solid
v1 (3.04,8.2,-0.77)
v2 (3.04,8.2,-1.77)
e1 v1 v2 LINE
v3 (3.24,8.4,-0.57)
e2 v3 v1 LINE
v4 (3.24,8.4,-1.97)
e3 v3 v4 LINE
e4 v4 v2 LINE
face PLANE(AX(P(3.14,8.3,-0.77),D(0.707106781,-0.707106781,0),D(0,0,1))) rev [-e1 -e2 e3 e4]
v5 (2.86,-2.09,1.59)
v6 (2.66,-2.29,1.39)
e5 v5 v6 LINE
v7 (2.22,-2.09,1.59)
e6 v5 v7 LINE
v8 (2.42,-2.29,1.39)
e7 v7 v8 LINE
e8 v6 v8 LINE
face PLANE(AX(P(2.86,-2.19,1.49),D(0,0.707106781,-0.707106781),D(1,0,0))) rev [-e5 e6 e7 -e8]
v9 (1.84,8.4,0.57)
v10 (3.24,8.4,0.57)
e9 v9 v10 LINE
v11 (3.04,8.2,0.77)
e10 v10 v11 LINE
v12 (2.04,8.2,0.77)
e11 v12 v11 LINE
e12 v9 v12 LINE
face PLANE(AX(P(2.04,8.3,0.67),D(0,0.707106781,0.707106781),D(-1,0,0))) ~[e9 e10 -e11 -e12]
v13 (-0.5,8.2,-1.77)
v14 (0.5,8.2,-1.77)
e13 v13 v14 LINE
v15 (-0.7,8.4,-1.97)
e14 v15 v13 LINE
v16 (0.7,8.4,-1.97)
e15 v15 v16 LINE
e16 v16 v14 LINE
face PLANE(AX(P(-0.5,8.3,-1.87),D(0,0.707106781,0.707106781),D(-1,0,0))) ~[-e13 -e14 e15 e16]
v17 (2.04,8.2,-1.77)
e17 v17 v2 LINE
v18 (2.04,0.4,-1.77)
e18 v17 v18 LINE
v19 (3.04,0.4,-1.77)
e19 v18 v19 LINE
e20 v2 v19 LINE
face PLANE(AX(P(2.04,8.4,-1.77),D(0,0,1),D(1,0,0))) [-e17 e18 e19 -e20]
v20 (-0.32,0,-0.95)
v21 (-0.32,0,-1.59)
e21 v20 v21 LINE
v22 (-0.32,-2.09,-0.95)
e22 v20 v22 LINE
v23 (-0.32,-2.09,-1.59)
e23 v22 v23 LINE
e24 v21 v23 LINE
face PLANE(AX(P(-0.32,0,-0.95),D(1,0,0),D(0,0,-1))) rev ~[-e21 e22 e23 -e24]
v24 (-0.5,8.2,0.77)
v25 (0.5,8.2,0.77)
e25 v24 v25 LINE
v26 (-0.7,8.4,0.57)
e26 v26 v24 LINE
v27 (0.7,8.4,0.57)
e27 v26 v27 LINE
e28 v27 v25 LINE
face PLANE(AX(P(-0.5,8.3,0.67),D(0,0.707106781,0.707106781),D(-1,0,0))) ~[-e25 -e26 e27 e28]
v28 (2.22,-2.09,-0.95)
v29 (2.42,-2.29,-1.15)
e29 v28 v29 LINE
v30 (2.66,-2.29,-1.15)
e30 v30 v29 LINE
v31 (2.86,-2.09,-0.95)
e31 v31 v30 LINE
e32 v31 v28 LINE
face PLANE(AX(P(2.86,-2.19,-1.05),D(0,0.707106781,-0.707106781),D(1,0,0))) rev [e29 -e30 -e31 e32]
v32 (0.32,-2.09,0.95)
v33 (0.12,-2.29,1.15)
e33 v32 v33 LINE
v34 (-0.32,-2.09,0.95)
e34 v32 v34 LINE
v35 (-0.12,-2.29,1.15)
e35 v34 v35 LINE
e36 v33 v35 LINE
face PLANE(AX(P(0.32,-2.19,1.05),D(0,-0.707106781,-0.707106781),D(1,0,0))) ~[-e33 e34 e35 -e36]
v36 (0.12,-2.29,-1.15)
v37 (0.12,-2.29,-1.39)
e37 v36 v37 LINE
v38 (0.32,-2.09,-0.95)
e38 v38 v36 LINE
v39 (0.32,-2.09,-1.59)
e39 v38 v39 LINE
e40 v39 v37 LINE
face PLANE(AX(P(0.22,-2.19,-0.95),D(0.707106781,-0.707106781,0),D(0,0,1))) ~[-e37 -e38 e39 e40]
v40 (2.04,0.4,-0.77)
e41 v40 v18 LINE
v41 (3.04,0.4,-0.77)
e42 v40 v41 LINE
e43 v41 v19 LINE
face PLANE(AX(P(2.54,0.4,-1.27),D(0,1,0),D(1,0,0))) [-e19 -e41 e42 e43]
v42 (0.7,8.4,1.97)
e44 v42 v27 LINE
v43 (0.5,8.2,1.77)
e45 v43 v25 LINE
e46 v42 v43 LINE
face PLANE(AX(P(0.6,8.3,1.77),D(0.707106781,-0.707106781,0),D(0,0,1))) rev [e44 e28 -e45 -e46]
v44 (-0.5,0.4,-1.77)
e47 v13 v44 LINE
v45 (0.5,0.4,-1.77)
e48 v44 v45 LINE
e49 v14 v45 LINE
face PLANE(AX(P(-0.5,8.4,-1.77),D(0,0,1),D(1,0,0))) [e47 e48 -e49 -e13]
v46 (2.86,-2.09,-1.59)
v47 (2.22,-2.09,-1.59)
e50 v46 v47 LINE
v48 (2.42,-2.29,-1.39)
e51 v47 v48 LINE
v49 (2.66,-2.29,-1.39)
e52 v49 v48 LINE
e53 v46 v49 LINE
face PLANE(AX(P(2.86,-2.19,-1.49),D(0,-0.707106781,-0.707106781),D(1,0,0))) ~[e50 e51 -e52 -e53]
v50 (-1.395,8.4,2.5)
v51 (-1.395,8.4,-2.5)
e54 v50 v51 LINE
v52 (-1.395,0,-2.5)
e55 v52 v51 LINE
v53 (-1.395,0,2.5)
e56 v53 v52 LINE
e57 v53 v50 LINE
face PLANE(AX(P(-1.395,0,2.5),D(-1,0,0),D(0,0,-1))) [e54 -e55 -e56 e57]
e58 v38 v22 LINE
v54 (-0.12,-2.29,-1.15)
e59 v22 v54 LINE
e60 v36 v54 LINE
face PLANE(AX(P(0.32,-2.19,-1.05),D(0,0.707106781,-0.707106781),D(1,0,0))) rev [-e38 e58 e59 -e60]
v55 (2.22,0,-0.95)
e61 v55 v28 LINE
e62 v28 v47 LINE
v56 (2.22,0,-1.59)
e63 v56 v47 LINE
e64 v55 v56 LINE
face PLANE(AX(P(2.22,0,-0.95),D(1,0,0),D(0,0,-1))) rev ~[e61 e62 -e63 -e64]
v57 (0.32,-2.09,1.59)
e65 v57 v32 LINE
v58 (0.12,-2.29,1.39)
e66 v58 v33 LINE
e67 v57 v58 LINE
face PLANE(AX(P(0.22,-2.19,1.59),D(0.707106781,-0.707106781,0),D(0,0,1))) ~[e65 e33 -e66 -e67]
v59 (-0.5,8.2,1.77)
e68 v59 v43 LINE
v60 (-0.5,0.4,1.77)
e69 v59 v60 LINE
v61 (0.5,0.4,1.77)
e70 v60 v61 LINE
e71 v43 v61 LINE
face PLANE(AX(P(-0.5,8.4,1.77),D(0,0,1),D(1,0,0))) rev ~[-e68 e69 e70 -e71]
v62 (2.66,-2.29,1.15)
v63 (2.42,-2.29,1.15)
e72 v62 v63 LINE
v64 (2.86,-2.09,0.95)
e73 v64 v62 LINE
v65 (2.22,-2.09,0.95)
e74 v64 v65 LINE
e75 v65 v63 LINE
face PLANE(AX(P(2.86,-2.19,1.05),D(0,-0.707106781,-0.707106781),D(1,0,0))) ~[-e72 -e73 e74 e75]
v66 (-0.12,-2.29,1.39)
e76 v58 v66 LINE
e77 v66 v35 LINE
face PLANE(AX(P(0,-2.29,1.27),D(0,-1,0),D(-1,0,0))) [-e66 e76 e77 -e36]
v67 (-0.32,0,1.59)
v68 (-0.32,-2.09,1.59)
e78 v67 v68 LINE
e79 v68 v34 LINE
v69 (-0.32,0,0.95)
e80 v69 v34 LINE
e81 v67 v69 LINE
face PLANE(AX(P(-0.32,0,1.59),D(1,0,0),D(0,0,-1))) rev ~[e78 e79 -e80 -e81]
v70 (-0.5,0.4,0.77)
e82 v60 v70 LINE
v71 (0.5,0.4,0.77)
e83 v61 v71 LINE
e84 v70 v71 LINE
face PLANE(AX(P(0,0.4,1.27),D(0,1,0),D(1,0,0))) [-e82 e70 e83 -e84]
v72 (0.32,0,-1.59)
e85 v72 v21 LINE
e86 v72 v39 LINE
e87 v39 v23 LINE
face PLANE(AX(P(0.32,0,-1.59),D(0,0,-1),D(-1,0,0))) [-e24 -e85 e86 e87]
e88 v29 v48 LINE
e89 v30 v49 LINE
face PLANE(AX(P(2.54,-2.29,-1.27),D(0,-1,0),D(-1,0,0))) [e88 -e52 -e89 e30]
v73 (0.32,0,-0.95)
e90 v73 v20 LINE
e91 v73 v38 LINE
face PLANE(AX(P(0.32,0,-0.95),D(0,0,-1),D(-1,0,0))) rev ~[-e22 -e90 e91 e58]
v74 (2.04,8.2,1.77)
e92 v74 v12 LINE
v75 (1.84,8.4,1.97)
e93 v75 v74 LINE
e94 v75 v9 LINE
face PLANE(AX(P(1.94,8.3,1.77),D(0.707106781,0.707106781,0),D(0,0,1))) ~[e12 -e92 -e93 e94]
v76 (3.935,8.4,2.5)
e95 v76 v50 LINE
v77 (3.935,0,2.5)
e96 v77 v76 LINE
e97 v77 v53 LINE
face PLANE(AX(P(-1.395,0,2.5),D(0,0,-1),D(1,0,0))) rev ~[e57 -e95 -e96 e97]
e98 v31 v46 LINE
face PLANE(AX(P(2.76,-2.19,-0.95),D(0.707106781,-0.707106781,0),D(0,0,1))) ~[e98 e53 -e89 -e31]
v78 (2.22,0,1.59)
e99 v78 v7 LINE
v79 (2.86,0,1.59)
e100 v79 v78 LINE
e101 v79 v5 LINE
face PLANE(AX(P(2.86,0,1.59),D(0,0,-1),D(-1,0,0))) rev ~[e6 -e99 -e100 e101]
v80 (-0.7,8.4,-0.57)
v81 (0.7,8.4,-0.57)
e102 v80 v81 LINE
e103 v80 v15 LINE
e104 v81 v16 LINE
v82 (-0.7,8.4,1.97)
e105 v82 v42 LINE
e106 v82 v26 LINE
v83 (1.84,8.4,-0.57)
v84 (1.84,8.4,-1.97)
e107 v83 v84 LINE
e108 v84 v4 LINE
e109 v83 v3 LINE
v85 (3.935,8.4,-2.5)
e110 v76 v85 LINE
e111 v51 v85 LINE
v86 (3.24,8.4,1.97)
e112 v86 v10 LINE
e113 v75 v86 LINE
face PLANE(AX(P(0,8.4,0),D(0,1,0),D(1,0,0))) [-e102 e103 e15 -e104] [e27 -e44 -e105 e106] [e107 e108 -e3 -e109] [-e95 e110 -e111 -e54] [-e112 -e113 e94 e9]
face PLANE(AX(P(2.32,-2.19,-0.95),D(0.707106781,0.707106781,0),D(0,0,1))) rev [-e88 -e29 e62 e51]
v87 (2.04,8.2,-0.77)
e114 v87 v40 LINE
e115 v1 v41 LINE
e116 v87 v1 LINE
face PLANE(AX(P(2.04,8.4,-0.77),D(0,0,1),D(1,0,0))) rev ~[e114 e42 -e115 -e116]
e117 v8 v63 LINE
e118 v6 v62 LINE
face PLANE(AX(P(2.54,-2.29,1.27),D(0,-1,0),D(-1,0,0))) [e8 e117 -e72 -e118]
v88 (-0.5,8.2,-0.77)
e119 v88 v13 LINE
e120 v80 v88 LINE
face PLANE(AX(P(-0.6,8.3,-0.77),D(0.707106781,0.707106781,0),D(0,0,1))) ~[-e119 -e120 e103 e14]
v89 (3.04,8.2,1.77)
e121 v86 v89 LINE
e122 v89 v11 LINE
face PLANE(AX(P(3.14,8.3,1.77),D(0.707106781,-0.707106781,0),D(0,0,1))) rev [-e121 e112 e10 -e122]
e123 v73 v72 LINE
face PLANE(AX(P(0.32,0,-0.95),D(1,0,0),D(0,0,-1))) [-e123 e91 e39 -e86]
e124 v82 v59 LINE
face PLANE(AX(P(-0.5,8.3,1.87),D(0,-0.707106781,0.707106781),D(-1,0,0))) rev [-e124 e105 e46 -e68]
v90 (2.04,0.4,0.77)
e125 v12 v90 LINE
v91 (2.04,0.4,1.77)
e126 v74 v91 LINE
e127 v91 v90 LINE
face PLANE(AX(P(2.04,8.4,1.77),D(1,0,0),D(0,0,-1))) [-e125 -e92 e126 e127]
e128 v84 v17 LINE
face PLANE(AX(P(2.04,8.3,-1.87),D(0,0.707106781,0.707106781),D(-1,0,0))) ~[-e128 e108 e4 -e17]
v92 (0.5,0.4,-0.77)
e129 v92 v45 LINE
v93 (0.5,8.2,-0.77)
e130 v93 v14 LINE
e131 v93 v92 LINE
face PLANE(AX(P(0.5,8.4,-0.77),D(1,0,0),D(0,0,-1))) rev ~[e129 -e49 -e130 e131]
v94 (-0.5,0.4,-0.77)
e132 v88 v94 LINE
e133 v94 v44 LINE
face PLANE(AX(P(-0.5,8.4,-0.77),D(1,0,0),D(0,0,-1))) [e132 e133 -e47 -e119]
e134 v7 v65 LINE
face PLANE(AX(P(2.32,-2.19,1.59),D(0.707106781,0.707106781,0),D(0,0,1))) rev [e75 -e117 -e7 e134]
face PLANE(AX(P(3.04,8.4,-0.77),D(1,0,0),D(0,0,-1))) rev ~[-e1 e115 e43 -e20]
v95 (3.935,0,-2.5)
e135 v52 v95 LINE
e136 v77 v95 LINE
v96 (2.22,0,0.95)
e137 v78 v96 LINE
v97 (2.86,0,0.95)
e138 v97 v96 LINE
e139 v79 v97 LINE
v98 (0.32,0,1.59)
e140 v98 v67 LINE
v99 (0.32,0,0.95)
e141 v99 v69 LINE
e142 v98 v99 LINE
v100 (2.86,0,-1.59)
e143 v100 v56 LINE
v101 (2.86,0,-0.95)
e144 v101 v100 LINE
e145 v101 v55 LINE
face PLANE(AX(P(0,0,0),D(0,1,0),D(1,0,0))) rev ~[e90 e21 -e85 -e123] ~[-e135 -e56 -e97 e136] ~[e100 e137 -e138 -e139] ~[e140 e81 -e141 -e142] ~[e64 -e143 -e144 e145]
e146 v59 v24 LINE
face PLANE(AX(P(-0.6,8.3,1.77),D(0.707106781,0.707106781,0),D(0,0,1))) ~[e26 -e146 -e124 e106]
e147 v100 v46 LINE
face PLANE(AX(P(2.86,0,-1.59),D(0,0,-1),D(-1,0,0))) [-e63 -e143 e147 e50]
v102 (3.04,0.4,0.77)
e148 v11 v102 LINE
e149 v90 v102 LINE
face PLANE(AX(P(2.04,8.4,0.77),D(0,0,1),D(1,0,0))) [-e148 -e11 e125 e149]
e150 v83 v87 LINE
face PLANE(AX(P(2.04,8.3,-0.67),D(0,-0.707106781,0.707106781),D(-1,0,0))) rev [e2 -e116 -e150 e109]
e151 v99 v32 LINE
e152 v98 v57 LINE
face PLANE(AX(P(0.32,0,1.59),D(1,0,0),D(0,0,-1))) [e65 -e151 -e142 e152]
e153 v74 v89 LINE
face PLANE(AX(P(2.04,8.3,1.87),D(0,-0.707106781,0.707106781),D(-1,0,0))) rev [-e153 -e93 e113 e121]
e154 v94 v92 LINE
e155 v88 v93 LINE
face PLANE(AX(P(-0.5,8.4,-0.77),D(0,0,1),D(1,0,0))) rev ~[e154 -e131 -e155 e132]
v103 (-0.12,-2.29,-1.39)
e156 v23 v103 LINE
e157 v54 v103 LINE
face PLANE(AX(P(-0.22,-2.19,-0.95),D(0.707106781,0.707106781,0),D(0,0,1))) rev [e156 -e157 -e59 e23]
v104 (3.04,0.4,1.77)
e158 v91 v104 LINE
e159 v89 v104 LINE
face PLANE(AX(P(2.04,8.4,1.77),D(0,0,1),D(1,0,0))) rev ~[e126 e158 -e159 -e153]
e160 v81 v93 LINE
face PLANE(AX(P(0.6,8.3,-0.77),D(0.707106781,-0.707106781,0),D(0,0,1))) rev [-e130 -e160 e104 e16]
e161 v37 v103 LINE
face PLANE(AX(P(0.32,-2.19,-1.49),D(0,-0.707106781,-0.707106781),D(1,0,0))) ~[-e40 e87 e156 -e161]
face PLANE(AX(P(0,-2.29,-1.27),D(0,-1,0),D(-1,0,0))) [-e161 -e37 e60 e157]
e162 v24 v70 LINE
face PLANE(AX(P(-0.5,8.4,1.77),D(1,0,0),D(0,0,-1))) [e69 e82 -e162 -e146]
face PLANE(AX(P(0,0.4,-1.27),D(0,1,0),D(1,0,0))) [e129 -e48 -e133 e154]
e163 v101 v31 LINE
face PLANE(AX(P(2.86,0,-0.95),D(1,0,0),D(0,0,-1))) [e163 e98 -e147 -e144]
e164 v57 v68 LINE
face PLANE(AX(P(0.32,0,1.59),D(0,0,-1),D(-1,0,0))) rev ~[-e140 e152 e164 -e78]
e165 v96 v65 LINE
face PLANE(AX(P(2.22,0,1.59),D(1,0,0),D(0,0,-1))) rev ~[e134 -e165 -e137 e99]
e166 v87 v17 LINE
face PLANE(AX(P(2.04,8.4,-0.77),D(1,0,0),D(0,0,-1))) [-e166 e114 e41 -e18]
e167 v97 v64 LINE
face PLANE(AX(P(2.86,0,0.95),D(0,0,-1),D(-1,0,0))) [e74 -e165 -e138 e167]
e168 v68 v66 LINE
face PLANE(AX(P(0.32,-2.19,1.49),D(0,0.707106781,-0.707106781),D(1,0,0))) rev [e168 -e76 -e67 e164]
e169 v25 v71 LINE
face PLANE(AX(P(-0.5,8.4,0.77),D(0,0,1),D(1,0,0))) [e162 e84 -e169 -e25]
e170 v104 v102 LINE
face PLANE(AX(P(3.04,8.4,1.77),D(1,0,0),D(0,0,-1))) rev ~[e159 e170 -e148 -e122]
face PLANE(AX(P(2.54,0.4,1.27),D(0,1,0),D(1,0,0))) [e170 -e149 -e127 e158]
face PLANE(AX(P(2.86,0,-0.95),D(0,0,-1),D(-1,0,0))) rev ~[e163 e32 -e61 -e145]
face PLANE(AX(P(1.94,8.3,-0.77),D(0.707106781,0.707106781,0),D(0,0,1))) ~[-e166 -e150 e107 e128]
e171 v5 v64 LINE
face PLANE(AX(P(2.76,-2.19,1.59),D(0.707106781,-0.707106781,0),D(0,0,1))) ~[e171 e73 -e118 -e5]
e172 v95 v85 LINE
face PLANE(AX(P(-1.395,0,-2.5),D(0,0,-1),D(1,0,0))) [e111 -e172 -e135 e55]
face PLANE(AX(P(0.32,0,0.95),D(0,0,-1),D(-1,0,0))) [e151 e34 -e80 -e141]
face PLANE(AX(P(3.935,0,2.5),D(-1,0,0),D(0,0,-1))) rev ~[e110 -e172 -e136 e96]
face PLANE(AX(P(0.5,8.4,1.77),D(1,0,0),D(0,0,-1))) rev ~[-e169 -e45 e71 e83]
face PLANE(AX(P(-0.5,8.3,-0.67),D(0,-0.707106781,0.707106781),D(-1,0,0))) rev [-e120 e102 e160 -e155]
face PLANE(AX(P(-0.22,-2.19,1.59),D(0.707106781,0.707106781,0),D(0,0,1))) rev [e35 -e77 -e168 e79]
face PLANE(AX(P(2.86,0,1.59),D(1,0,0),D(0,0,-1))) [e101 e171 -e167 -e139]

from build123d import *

# Parameters (mm, degrees)
SKETCH_1_W                         = 2.79
SKETCH_1_H                         = 5
EXTRUDE_1_DEPTH                    = 8.4
SKETCH_2_W                         = 1
SKETCH_2_H                         = 1
CUT_EXTRUDE_1_DEPTH                = 8
CHAMFER_1_SIZE                     = 0.2
SKETCH_3_W                         = 0.64
SKETCH_3_H                         = 0.64
EXTRUDE_2_DEPTH                    = 2.29
CHAMFER_2_SIZE                     = 0.2
PATTERN_LINEAR_1_COUNT             = 2
PATTERN_LINEAR_1_PITCH             = 2.54
CHAMFER_1_OF_PATTERN_LINEAR_1_SIZE = 0.2
CHAMFER_2_OF_PATTERN_LINEAR_1_SIZE = 0.2


with BuildPart() as part:
    # Эскиз1 → Бобышка-Вытянуть1 (new body)
    with BuildSketch(Plane(origin=(0, 0, 0), x_dir=(1, 0, 0), z_dir=(0, 1, 0))):
        Rectangle(SKETCH_1_W, SKETCH_1_H)
    extrude_1 = extrude(amount=EXTRUDE_1_DEPTH)

    # Эскиз2 → Вырез-Вытянуть1 (cut)
    with BuildSketch(Plane(origin=(0, 8.4, 0), x_dir=(1, 0, 0), z_dir=(0, 1, 0))):
        with Locations((0, 1.27)):
            Rectangle(SKETCH_2_W, SKETCH_2_H)
        with Locations((0, -1.27)):
            Rectangle(SKETCH_2_W, SKETCH_2_H)
    cut_extrude_1 = extrude(amount=-CUT_EXTRUDE_1_DEPTH, mode=Mode.SUBTRACT)

    # Фаска1
    chamfer_1_edges = [part.edges().sort_by_distance(p)[0] for p in [
        (0.5, 8.4, -1.27),
        (0, 8.4, -1.77),
        (-0.5, 8.4, -1.27),
        (0, 8.4, -0.77),
        (0, 8.4, 1.77),
        (0.5, 8.4, 1.27),
        (0, 8.4, 0.77),
        (-0.5, 8.4, 1.27),
    ]]
    chamfer(chamfer_1_edges, length=CHAMFER_1_SIZE)

    # Эскиз3 → Бобышка-Вытянуть2 (add)
    with BuildSketch(Plane(origin=(0, 0, 0), x_dir=(-1, 0, 0), z_dir=(0, -1, 0))):
        with Locations((0, 1.27)):
            Rectangle(SKETCH_3_W, SKETCH_3_H)
        with Locations((0, -1.27)):
            Rectangle(SKETCH_3_W, SKETCH_3_H)
    extrude_2 = extrude(amount=EXTRUDE_2_DEPTH)

    # Фаска2
    chamfer_2_edges = [part.edges().sort_by_distance(p)[0] for p in [
        (0.32, -2.29, -1.27),
        (0, -2.29, -0.95),
        (-0.32, -2.29, -1.27),
        (0, -2.29, -1.59),
        (-0.32, -2.29, 1.27),
        (0, -2.29, 0.95),
        (0.32, -2.29, 1.27),
        (0, -2.29, 1.59),
    ]]
    chamfer(chamfer_2_edges, length=CHAMFER_2_SIZE)

    # Линейный массив1: Бобышка-Вытянуть1, Вырез-Вытянуть1, Бобышка-Вытянуть2 ×2
    with Locations(*[(i * PATTERN_LINEAR_1_PITCH, 0, 0) for i in range(1, PATTERN_LINEAR_1_COUNT)]):
        add(extrude_1)
        add(cut_extrude_1, mode=Mode.SUBTRACT)
        add(extrude_2)

    # Фаска1 of Линейный массив1
    chamfer_1_of_pattern_linear_1_edges = [part.edges().sort_by_distance(p)[0] for p in [
        (3.04, 8.4, -1.27),
        (2.54, 8.4, -1.77),
        (2.04, 8.4, -1.27),
        (2.54, 8.4, -0.77),
        (2.54, 8.4, 1.77),
        (3.04, 8.4, 1.27),
        (2.54, 8.4, 0.77),
        (2.04, 8.4, 1.27),
    ]]
    chamfer(chamfer_1_of_pattern_linear_1_edges, length=CHAMFER_1_OF_PATTERN_LINEAR_1_SIZE)

    # Фаска2 of Линейный массив1
    chamfer_2_of_pattern_linear_1_edges = [part.edges().sort_by_distance(p)[0] for p in [
        (2.86, -2.29, -1.27),
        (2.54, -2.29, -0.95),
        (2.22, -2.29, -1.27),
        (2.54, -2.29, -1.59),
        (2.22, -2.29, 1.27),
        (2.54, -2.29, 0.95),
        (2.86, -2.29, 1.27),
        (2.54, -2.29, 1.59),
    ]]
    chamfer(chamfer_2_of_pattern_linear_1_edges, length=CHAMFER_2_OF_PATTERN_LINEAR_1_SIZE)


solid = part.part
